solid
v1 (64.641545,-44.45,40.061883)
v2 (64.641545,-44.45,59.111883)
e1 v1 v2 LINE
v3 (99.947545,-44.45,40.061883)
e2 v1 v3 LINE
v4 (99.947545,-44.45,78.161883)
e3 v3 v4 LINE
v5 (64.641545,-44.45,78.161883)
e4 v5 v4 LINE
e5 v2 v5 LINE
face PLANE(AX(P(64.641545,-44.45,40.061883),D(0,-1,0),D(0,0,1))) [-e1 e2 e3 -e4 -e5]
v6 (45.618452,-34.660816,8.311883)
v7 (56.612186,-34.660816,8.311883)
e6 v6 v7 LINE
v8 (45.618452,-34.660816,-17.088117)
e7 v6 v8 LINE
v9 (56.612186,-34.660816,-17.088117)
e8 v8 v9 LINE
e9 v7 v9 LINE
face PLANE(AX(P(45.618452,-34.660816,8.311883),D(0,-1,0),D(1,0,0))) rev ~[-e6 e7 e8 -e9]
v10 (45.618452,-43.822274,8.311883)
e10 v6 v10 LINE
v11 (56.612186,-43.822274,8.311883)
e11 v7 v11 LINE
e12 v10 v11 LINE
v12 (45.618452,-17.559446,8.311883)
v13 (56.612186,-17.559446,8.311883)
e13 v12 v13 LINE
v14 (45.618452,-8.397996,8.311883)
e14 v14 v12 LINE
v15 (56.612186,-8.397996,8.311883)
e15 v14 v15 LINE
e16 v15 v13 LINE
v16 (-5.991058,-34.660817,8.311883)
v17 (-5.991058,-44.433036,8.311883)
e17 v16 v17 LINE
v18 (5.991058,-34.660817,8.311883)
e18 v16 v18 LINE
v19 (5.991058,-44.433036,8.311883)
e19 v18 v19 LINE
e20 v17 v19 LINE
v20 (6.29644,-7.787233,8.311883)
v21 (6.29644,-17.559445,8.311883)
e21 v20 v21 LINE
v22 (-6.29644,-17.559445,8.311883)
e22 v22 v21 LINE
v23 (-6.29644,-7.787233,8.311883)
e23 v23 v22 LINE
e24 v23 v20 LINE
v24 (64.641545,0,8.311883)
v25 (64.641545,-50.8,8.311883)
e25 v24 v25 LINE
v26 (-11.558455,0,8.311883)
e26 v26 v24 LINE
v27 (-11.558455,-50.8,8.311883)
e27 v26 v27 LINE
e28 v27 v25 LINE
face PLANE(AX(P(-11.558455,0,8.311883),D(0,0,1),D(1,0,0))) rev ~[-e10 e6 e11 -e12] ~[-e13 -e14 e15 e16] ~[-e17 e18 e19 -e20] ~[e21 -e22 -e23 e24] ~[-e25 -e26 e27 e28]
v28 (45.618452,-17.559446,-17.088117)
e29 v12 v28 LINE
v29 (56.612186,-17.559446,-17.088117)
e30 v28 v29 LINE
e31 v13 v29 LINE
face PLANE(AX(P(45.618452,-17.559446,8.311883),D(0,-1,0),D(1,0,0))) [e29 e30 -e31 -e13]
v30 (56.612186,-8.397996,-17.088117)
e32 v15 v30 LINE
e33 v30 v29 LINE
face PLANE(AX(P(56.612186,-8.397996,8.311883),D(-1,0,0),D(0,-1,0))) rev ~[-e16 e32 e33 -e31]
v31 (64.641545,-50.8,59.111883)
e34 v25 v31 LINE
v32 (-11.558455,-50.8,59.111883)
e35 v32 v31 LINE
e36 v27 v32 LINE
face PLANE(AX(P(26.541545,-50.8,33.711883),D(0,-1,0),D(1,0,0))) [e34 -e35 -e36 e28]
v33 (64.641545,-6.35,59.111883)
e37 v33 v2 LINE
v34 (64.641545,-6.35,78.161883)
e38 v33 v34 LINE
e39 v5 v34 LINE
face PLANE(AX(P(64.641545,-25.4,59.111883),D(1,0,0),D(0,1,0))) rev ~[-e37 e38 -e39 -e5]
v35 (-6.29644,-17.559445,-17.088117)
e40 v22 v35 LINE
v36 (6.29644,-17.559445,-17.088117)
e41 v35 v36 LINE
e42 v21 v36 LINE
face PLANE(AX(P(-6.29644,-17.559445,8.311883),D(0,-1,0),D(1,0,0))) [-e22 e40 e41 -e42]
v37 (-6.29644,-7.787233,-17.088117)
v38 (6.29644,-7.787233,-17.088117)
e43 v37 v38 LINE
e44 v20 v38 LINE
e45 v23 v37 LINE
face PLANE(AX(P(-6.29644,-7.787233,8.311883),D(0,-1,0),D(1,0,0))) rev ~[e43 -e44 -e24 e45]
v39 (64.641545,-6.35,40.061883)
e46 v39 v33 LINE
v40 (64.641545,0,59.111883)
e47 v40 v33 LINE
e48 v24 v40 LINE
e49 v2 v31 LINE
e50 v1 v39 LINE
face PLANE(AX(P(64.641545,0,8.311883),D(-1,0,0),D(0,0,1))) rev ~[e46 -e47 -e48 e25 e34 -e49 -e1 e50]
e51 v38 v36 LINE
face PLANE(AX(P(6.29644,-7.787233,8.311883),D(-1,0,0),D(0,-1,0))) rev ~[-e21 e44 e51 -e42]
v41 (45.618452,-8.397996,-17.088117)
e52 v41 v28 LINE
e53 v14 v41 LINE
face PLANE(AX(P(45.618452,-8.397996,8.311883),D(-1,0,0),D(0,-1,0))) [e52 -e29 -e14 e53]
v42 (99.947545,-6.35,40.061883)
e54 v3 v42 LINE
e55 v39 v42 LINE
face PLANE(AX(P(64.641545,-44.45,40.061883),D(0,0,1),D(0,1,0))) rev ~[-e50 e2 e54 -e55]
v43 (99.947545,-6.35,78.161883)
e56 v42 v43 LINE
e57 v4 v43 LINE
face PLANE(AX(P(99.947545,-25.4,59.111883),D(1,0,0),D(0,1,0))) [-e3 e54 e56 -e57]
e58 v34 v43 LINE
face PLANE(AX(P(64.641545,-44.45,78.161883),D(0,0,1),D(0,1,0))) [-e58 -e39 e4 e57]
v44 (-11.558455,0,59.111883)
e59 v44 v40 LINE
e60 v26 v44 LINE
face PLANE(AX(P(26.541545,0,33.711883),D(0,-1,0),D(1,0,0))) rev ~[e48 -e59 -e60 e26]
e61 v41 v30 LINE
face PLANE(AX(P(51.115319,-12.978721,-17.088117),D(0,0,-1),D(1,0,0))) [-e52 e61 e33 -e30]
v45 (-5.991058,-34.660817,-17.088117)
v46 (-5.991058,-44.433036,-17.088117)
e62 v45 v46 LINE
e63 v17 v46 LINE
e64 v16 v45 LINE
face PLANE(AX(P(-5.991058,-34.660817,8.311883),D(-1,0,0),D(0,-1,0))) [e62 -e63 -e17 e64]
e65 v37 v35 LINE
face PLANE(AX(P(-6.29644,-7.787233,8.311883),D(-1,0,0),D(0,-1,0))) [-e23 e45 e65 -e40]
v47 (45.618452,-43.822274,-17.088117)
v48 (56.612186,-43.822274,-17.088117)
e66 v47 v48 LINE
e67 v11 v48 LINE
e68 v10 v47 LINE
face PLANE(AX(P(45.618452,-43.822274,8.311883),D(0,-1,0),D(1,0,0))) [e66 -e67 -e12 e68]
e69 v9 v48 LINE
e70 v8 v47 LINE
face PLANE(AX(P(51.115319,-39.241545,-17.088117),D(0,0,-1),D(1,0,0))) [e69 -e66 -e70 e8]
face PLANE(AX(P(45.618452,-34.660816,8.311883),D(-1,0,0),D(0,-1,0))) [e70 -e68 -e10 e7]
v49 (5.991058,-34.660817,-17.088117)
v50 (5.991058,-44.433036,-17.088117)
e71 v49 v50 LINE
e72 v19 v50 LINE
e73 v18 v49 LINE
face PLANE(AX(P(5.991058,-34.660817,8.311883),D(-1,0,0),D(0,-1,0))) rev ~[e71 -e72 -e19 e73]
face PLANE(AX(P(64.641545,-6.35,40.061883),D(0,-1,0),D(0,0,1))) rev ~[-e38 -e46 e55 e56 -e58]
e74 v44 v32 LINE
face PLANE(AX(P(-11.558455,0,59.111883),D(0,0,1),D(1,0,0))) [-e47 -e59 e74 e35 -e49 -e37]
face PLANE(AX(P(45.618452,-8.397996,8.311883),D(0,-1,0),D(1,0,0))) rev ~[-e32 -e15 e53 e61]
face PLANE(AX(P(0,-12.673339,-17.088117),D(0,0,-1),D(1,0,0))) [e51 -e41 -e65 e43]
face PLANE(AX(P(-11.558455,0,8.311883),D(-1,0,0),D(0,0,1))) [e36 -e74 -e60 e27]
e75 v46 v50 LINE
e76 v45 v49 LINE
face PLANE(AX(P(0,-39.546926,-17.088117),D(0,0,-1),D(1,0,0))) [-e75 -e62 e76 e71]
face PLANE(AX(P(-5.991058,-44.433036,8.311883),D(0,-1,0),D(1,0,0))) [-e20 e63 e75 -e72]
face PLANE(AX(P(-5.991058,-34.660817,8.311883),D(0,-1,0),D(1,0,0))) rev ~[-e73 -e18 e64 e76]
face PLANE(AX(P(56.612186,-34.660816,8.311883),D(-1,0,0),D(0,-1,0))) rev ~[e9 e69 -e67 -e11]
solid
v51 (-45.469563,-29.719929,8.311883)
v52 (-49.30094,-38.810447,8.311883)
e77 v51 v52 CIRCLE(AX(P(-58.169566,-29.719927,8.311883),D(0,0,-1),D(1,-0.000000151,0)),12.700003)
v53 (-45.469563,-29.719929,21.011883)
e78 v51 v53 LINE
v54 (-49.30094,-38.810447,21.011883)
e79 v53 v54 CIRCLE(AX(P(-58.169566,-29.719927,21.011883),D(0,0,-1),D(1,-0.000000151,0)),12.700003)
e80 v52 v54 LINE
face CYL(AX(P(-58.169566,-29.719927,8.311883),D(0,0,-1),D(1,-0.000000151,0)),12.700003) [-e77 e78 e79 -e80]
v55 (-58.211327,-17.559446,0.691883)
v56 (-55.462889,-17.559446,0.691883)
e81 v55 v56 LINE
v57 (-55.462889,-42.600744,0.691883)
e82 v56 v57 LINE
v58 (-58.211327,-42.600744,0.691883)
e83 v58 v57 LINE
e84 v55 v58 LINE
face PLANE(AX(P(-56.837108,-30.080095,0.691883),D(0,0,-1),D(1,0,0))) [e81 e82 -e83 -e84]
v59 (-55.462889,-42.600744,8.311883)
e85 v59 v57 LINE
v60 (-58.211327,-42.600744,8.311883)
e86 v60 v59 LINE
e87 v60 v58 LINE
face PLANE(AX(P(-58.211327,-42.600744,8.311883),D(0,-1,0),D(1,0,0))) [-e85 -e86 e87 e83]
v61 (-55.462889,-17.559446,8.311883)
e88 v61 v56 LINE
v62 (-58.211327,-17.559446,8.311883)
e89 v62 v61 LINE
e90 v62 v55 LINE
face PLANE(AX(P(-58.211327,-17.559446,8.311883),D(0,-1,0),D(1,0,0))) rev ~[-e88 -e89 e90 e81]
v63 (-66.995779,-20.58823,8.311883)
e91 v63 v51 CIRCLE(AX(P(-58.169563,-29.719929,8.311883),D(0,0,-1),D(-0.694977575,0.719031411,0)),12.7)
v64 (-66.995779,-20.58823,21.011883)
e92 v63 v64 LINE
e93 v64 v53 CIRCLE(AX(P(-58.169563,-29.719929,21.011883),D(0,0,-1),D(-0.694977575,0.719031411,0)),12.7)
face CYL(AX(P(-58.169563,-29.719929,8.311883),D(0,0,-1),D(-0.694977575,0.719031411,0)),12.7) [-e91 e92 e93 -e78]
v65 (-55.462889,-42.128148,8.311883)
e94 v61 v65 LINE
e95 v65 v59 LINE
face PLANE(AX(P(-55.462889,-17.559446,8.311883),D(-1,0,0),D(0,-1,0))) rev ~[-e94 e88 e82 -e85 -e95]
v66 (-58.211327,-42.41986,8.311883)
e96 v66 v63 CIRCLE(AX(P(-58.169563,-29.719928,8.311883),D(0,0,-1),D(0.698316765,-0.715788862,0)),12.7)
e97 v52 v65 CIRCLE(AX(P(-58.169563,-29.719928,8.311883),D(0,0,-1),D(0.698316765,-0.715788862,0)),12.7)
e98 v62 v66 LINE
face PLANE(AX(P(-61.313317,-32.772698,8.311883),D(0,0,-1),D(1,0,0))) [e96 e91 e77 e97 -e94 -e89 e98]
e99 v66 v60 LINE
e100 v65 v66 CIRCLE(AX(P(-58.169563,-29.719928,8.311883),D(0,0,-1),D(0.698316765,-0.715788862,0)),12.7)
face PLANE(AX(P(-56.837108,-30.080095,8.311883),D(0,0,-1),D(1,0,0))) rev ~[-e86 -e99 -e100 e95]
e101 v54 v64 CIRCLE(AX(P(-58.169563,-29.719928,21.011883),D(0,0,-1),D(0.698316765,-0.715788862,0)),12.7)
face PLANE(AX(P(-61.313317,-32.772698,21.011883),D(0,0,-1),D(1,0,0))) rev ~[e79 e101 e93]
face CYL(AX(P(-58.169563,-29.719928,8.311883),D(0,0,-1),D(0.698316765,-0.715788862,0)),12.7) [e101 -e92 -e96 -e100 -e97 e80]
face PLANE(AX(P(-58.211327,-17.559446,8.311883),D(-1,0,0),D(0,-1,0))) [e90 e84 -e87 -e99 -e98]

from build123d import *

# Parameters (mm, degrees)
F0_W      = 76.2
F0_H      = 50.8
F1_DEPTH  = 50.8
F2_W      = 38.1
F2_H      = 38.1
F3_DEPTH  = 35.306
F4_W      = 11.982116
F4_H      = 9.772219
F4_W_2    = 12.59288
F4_H_2    = 9.772213
F4_W_3    = 10.993734
F4_H_3    = 9.161458
F4_H_4    = 9.16145
F5_DEPTH  = 25.4
F6_R      = 12.7
F7_DEPTH  = 12.7
F9_DEPTH  = 12.7
F10_W     = 2.748438
F10_H     = 25.041297
F11_DEPTH = 7.62
F12_DEPTH = 25.4


with BuildPart() as f1:
    # F0 (on Front) → F1 (new body)
    with BuildSketch(Plane.XZ):
        with Locations((26.541545, 33.711883)):
            Rectangle(F0_W, F0_H)
    extrude(amount=F1_DEPTH)

    # F2 (on face) → F3 (join)
    with BuildSketch(Plane.YZ.offset(64.641545)):
        with Locations((-25.4, 59.111883)):
            Rectangle(F2_W, F2_H)
    extrude(amount=F3_DEPTH)

    # F4 (on face) → F5 (join)
    with BuildSketch(Plane(origin=(0, 0, 8.311883), x_dir=(1, 0, 0), z_dir=(0, 0, -1))):
        with Locations((0, 39.546926)):
            Rectangle(F4_W, F4_H)
        with Locations((0, 12.673339)):
            Rectangle(F4_W_2, F4_H_2)
        with Locations((51.115319, 39.241545)):
            Rectangle(F4_W_3, F4_H_3)
        with Locations((51.115319, 12.978721)):
            Rectangle(F4_W_3, F4_H_4)
    extrude(amount=F5_DEPTH)

    # F6 (on face) → F7 (join)
    with BuildSketch(Plane(origin=(0, 0, 8.311883), x_dir=(1, 0, 0), z_dir=(0, 0, -1))):
        with BuildLine():
            Line((-66.995779, 20.58823), (-49.30094, 38.810447))
            ThreePointArc((-49.30094, 38.810447), (-67.280696, 38.567372), (-66.995779, 20.58823))
        make_face()
        with BuildLine():
            ThreePointArc((-66.995779, 20.58823), (-53.209873, 18.028416), (-45.469563, 29.719929))
            ThreePointArc((-45.469563, 29.719929), (-46.46654, 34.652397), (-49.30094, 38.810447))
            Line((-49.30094, 38.810447), (-66.995779, 20.58823))
        make_face()
        with Locations((23.623225, 26.436275)):
            Circle(F6_R)
    extrude(amount=-F7_DEPTH)

    # F6 (on face) → F9 (join)
    with BuildSketch(Plane(origin=(0, 0, 8.311883), x_dir=(1, 0, 0), z_dir=(0, 0, -1))):
        with Locations((23.623225, 26.436275)):
            Circle(F6_R)
    extrude(amount=-F9_DEPTH)

    # F10 (on face) → F11 (join)
    with BuildSketch(Plane(origin=(0, 0, 8.311883), x_dir=(1, 0, 0), z_dir=(0, 0, -1))):
        with Locations((-56.837108, 30.080095)):
            Rectangle(F10_W, F10_H)
    extrude(amount=F11_DEPTH)

    # F6 (on face) → F12 (join)
    with BuildSketch(Plane(origin=(0, 0, 8.311883), x_dir=(1, 0, 0), z_dir=(0, 0, -1))):
        with Locations((23.623225, 26.436275)):
            Circle(F6_R)
    extrude(amount=-F12_DEPTH)


solid = f1.part
